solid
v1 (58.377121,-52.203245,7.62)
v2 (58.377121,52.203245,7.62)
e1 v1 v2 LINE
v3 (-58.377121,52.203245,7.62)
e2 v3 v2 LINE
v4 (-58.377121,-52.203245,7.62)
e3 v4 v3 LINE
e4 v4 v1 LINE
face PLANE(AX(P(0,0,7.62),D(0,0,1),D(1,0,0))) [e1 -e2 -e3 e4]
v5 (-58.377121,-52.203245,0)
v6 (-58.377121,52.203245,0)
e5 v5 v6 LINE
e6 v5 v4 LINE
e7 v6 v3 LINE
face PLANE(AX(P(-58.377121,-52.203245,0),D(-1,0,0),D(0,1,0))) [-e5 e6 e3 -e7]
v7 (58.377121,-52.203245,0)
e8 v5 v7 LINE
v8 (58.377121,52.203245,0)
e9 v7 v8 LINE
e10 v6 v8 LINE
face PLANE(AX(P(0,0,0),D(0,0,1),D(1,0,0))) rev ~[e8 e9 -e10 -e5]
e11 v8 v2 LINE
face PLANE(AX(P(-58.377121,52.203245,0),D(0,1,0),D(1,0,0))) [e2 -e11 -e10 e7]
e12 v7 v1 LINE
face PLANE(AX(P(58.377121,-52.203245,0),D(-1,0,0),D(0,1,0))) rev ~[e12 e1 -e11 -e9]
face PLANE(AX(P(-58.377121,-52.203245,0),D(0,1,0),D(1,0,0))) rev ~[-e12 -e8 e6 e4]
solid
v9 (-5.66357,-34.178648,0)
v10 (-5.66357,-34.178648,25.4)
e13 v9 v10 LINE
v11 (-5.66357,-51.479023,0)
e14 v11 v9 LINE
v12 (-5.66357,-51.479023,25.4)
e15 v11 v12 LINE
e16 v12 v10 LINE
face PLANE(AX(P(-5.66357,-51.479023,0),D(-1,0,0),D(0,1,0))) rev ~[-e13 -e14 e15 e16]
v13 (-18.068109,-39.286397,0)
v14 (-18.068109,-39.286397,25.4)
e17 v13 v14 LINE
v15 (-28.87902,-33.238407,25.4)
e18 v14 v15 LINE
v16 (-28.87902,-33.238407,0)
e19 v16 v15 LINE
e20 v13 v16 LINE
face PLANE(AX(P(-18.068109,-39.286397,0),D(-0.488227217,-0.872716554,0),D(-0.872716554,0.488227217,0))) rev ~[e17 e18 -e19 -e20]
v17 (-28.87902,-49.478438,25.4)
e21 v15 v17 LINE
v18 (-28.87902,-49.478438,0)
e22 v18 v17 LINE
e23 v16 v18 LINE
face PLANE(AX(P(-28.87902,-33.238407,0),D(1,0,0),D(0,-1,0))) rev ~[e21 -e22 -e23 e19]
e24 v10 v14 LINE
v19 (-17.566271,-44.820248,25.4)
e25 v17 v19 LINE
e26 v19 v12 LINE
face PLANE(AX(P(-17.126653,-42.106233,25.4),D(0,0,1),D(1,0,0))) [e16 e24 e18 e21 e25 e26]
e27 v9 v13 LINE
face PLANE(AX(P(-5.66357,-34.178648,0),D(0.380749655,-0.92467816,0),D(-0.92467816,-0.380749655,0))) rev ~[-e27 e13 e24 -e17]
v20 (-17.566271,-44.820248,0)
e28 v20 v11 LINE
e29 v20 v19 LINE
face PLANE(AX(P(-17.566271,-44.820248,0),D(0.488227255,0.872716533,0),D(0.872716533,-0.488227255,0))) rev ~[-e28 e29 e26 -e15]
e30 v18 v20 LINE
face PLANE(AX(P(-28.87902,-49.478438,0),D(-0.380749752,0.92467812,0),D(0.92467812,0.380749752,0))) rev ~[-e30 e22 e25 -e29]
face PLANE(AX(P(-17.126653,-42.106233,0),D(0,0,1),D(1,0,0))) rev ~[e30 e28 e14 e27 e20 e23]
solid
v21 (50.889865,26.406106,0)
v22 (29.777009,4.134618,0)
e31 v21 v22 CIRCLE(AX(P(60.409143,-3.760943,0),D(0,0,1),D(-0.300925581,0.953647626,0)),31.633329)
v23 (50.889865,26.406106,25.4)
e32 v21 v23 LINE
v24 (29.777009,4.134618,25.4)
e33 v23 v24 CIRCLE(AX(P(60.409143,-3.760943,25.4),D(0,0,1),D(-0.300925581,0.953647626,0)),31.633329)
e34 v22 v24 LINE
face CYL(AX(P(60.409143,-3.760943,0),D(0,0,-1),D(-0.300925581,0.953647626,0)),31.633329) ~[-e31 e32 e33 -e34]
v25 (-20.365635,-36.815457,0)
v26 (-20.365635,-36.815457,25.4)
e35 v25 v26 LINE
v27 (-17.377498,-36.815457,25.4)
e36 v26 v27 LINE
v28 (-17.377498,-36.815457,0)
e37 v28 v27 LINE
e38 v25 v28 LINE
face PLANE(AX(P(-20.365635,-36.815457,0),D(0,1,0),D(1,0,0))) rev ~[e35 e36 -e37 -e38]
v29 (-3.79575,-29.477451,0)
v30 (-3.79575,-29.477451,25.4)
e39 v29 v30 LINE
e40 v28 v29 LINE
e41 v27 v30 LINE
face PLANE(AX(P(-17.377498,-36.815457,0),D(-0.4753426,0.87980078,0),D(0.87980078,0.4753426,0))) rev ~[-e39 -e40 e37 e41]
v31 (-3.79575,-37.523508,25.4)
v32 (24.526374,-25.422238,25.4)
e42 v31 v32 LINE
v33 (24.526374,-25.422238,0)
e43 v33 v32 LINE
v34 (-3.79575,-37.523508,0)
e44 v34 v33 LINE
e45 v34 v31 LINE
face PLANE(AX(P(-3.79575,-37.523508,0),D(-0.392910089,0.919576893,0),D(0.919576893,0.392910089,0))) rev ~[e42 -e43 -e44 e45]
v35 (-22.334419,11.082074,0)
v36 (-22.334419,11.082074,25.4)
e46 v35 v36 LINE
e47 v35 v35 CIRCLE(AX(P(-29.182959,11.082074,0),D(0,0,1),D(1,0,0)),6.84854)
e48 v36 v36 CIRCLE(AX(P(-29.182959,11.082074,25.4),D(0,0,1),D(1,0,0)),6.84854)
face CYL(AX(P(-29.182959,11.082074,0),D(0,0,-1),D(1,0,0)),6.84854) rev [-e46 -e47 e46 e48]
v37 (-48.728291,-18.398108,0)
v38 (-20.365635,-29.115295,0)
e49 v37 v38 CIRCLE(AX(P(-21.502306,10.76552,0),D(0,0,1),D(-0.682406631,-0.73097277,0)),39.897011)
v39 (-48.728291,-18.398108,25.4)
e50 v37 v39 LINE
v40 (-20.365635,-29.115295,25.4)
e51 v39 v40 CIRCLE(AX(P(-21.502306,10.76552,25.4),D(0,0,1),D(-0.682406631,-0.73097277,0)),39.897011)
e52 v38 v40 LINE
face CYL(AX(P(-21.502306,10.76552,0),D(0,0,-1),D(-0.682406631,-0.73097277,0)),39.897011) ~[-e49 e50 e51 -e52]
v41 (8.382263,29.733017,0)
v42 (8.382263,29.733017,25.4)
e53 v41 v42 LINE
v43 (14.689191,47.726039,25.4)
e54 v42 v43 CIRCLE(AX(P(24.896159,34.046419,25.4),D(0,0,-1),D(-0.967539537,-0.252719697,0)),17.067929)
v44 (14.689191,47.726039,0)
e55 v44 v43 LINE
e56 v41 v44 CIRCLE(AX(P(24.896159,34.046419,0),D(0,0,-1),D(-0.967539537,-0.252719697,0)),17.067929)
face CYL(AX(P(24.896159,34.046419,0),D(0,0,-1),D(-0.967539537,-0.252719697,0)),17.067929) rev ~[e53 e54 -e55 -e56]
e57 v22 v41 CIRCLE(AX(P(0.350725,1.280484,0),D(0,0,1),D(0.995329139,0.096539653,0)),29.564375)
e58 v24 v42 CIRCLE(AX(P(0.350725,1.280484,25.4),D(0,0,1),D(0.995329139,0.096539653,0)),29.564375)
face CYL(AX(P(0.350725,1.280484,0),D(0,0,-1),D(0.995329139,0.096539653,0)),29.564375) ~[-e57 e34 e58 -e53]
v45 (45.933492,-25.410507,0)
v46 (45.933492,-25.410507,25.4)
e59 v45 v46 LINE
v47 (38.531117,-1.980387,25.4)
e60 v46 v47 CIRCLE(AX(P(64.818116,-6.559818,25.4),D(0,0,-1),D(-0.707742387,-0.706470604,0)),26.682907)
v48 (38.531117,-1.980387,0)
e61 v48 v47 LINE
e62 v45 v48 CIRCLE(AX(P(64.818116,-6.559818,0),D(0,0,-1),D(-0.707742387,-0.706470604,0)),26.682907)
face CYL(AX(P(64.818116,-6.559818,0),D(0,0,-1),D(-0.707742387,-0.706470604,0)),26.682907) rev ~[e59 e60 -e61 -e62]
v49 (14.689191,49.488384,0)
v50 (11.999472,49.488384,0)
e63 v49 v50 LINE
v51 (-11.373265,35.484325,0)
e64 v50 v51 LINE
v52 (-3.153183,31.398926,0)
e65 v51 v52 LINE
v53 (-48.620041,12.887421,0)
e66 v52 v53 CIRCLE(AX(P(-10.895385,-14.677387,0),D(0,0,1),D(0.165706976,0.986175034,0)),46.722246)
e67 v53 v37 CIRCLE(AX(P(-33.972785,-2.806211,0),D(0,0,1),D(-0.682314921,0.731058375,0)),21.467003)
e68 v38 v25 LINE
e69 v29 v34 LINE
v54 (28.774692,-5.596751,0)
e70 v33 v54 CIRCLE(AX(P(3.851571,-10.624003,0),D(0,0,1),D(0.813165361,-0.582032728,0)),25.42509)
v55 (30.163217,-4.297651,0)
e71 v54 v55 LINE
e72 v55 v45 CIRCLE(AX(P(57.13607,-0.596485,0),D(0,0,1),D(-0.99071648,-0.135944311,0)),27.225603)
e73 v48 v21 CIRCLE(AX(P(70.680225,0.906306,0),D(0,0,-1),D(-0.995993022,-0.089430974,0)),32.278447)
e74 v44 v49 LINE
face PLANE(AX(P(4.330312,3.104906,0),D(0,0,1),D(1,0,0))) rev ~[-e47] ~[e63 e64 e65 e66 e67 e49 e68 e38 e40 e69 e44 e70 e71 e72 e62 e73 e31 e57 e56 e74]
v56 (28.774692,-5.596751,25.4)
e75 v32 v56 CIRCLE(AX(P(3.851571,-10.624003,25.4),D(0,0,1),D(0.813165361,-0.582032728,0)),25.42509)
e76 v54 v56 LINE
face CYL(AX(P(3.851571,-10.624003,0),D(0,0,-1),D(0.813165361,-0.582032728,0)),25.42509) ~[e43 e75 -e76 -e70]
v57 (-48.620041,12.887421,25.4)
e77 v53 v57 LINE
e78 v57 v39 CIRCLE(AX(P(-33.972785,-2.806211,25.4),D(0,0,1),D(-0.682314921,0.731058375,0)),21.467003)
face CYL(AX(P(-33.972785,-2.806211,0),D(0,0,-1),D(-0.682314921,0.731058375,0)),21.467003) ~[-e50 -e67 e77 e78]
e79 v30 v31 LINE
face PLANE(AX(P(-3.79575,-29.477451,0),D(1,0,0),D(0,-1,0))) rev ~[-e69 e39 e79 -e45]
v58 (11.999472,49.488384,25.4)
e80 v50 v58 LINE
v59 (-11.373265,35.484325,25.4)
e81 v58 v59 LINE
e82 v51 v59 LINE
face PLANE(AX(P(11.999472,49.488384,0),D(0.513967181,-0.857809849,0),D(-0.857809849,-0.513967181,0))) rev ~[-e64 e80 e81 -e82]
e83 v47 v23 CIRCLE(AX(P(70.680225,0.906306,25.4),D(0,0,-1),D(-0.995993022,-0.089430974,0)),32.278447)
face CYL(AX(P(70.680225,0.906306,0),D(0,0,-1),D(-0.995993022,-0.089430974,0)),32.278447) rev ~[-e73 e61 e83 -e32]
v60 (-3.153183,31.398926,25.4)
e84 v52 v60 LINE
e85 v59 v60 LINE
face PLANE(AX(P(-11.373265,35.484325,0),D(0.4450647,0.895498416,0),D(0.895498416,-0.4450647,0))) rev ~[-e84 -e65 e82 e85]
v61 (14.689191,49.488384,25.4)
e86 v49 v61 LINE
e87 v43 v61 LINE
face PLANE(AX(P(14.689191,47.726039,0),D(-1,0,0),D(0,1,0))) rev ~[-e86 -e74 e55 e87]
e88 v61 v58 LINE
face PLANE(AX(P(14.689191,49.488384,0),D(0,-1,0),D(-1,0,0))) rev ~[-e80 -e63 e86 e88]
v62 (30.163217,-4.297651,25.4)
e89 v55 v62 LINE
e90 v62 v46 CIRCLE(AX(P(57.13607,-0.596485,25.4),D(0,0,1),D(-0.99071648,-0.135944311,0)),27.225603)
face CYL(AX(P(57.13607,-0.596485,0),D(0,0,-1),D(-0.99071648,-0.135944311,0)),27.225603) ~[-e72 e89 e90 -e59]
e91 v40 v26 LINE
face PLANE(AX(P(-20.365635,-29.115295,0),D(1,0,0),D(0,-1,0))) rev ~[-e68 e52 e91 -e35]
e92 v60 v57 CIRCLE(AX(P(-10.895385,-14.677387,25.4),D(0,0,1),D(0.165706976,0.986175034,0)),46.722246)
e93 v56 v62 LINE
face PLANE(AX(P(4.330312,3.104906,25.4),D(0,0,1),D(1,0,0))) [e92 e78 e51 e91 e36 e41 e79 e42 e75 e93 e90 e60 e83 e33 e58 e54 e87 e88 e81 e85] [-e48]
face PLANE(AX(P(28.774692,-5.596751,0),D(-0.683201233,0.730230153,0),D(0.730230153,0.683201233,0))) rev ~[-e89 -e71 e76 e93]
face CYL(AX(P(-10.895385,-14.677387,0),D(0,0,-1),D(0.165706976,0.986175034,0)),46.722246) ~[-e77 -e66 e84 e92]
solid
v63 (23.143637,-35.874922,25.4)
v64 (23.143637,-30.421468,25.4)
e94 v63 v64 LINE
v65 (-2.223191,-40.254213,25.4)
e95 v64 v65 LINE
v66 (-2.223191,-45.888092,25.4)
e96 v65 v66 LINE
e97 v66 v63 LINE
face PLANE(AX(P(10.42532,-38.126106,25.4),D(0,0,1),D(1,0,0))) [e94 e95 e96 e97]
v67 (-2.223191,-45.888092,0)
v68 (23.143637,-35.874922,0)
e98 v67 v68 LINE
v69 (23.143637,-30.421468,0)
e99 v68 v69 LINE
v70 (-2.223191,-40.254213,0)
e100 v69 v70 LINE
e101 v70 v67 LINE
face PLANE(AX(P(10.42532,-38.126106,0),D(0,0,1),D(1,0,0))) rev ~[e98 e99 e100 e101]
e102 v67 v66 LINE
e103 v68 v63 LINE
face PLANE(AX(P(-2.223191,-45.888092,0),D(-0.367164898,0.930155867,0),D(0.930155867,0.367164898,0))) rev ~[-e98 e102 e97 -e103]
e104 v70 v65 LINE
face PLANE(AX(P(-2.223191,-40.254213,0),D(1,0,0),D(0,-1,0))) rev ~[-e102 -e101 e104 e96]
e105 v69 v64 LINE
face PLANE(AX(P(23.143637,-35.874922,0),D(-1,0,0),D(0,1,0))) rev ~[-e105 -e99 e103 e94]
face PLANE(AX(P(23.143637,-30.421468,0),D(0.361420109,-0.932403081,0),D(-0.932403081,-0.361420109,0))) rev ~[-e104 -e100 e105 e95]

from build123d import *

# Parameters (mm, degrees)
F0_R     = 6.84854
F1_DEPTH = 25.4
F2_W     = 116.754242
F2_H     = 104.40649
F3_DEPTH = 7.62


with BuildPart() as f1:
    # F0 (on Top) → F1 (new body)
    with BuildSketch(Plane.XY):
        with BuildLine():
            ThreePointArc((-3.153183, 31.398926), (-28.513723, 28.595728), (-48.620041, 12.887421))
            ThreePointArc((-48.620041, 12.887421), (-55.439659, -2.731935), (-48.728291, -18.398108))
            ThreePointArc((-48.728291, -18.398108), (-35.604703, -26.555973), (-20.365635, -29.115295))
            Line((-20.365635, -29.115295), (-20.365635, -36.815457))
            Line((-20.365635, -36.815457), (-17.377498, -36.815457))
            Line((-17.377498, -36.815457), (-3.79575, -29.477451))
            Line((-3.79575, -29.477451), (-3.79575, -37.523508))
            Line((-3.79575, -37.523508), (24.526374, -25.422238))
            ThreePointArc((24.526374, -25.422238), (28.712286, -15.951299), (28.774692, -5.596751))
            Line((28.774692, -5.596751), (30.163217, -4.297651))
            ThreePointArc((30.163217, -4.297651), (35.32371, -16.889256), (45.933492, -25.410507))
            ThreePointArc((45.933492, -25.410507), (39.374816, -14.598225), (38.531117, -1.980387))
            ThreePointArc((38.531117, -1.980387), (41.085034, 13.79129), (50.889865, 26.406106))
            ThreePointArc((50.889865, 26.406106), (37.451818, 18.00207), (29.777009, 4.134618))
            ThreePointArc((29.777009, 4.134618), (23.035337, 20.239931), (8.382263, 29.733017))
            ThreePointArc((8.382263, 29.733017), (8.789069, 39.692289), (14.689191, 47.726039))
            Line((14.689191, 47.726039), (14.689191, 49.488384))
            Line((14.689191, 49.488384), (11.999472, 49.488384))
            Line((11.999472, 49.488384), (-11.373265, 35.484325))
            Line((-11.373265, 35.484325), (-3.153183, 31.398926))
        make_face()
        with Locations((-29.182959, 11.082074)):
            Circle(F0_R, mode=Mode.SUBTRACT)
        Polygon((-5.66357, -34.178648), (-18.068109, -39.286397), (-28.87902, -33.238407), (-28.87902, -49.478438), (-17.566271, -44.820248), (-5.66357, -51.479023), align=None)
        Polygon((23.143637, -30.421468), (-2.223191, -40.254213), (-2.223191, -45.888092), (23.143637, -35.874922), align=None)
    extrude(amount=F1_DEPTH)


with BuildPart() as f3:
    # F2 (on Top) → F3 (new body)
    with BuildSketch(Plane.XY):
        Rectangle(F2_W, F2_H)
    extrude(amount=F3_DEPTH)


solid = Compound([f1.part, f3.part])
